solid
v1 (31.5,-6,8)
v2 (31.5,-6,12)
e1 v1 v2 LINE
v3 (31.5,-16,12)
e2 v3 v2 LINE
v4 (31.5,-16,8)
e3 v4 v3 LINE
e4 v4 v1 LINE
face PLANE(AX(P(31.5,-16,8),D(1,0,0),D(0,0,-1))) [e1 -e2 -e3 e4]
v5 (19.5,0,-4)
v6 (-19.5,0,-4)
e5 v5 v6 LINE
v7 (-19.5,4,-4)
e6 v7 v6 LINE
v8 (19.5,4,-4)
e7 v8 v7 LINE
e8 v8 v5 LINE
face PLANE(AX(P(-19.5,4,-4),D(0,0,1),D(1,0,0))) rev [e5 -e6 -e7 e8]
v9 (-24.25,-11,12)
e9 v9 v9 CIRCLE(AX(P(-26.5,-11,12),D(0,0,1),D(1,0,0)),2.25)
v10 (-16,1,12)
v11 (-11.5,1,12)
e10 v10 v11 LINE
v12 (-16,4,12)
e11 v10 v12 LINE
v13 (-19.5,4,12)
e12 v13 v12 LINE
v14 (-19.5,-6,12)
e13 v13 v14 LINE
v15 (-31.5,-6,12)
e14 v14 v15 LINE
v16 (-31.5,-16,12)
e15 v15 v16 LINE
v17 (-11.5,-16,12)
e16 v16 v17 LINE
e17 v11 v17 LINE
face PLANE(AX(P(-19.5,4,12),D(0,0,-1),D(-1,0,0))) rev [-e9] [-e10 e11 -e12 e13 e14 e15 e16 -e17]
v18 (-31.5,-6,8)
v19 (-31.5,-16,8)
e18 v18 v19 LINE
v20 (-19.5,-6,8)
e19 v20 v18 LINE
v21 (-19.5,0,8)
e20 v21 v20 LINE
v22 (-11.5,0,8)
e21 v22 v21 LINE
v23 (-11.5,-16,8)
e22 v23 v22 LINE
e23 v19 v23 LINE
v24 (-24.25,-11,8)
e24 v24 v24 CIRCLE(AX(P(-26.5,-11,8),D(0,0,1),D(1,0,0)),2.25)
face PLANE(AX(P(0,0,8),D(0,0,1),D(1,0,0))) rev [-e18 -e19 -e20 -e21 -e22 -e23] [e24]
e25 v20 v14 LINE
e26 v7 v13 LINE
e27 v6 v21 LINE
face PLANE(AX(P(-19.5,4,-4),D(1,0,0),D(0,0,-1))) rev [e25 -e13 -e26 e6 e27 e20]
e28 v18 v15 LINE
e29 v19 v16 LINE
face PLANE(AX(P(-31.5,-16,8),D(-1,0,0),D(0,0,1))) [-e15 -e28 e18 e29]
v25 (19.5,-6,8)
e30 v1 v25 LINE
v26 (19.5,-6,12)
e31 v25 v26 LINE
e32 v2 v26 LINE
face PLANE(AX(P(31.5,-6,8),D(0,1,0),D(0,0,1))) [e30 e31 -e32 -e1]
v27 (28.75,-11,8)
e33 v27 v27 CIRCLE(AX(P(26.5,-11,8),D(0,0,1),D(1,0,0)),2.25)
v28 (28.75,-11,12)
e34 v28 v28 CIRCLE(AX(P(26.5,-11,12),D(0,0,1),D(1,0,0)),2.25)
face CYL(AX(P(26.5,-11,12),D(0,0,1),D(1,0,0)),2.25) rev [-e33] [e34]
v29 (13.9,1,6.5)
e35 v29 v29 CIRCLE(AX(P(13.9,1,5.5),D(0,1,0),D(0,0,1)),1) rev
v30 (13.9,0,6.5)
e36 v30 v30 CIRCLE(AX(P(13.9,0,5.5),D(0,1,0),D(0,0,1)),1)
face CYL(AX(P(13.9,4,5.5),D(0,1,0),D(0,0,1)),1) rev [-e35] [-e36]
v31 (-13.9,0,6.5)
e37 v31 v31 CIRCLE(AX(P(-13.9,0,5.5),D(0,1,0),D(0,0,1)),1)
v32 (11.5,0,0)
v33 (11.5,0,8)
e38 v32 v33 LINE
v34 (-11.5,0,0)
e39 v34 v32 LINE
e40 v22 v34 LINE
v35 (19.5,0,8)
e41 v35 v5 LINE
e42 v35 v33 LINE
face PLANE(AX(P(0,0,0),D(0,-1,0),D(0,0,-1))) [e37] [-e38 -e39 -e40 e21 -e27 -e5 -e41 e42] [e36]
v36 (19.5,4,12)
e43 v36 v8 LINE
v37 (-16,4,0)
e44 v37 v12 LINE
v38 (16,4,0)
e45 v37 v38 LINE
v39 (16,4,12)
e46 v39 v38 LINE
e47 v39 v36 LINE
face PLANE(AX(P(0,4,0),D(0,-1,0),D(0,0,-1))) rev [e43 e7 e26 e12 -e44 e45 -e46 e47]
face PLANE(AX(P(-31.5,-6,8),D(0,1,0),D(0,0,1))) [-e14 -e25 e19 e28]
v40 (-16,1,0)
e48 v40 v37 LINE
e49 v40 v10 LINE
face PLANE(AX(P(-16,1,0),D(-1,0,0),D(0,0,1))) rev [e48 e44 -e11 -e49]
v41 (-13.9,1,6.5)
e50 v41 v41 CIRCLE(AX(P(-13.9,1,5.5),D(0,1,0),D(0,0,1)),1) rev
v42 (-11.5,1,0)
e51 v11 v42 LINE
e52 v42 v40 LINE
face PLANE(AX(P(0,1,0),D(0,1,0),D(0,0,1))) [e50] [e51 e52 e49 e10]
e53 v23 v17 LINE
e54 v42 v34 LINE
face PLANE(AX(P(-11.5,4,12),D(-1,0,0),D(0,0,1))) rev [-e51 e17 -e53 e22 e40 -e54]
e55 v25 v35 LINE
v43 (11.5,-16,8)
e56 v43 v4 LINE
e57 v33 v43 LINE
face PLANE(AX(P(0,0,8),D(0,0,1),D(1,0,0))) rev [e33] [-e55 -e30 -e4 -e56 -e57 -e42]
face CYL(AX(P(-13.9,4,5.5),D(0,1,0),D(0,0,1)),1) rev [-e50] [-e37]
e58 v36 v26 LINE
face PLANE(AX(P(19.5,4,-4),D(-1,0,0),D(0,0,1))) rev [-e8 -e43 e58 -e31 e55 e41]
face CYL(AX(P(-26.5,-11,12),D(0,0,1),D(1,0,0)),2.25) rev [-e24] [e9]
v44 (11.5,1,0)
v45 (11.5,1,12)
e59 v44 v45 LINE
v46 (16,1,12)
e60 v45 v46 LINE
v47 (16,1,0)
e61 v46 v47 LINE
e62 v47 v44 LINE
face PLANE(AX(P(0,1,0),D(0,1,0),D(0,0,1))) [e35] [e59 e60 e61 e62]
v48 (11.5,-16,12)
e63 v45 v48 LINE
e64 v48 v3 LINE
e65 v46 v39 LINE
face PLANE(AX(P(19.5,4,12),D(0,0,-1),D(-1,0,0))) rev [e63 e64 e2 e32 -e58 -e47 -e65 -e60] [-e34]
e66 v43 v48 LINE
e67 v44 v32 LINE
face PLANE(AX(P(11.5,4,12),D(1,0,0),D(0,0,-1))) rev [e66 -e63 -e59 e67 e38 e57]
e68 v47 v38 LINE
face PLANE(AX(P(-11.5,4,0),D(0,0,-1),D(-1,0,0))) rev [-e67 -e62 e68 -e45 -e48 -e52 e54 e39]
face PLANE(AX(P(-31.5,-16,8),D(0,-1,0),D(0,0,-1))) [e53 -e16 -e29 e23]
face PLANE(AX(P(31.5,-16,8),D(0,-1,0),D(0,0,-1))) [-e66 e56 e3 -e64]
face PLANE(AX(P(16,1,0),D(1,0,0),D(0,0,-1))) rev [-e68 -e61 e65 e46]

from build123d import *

# Parameters (mm, degrees)
RESSALTO_EXTRUS_O1_DEPTH   = 4
FURO_DE_DI_METRO_2_0_2_1_D = 2
RESSALTO_EXTRUS_O2_DEPTH   = 4
FURO_COM_FOLGA_DE_M41_D    = 4.5
ESBO_O6_W                  = 32
ESBO_O6_H                  = 12
CORTE_EXTRUS_O1_DEPTH      = 3


with BuildPart() as part:
    # Esboço1 → Ressalto-extrusão1 (new body)
    with BuildSketch(Plane(origin=(0, 0, 0), x_dir=(1, 0, 0), z_dir=(0, 1, 0))):
        Polygon((-19.5, 4), (-19.5, -12), (-11.5, -12), (-11.5, 0), (11.5, 0), (11.5, -12), (19.5, -12), (19.5, 4), align=None)
    extrude(amount=RESSALTO_EXTRUS_O1_DEPTH)

    # Furo de diâmetro Ø2.0 (2)1 (through all)
    with Locations(Plane(origin=(-13.9, 4, 5.5), x_dir=(0, 0, 1), z_dir=(0, 1, 0))):
        with Locations((0, 0), (0, 27.8)):
            Hole(FURO_DE_DI_METRO_2_0_2_1_D / 2)

    # Esboço4 → Ressalto-extrusão2 (add)
    with BuildSketch(Plane.XY.offset(12)):
        Polygon((31.5, -16), (31.5, -6), (19.5, -6), (19.5, 4), (11.5, 4), (11.5, -16), align=None)
        Polygon((-19.5, 4), (-11.5, 4), (-11.5, -16), (-31.5, -16), (-31.5, -6), (-19.5, -6), align=None)
    extrude(amount=-RESSALTO_EXTRUS_O2_DEPTH)

    # Furo com folga de M41 (through all)
    with Locations(Plane(origin=(-26.5, -11, 12), x_dir=(1, 0, 0), z_dir=(0, 0, 1))):
        with Locations((0, 0), (53, 0)):
            Hole(FURO_COM_FOLGA_DE_M41_D / 2)

    # Esboço6 → Corte-extrusão1 (cut)
    with BuildSketch(Plane(origin=(0, 4, 0), x_dir=(1, 0, 0), z_dir=(0, 1, 0))):
        with Locations((0, -6)):
            Rectangle(ESBO_O6_W, ESBO_O6_H)
    extrude(amount=-CORTE_EXTRUS_O1_DEPTH, mode=Mode.SUBTRACT)


solid = part.part
